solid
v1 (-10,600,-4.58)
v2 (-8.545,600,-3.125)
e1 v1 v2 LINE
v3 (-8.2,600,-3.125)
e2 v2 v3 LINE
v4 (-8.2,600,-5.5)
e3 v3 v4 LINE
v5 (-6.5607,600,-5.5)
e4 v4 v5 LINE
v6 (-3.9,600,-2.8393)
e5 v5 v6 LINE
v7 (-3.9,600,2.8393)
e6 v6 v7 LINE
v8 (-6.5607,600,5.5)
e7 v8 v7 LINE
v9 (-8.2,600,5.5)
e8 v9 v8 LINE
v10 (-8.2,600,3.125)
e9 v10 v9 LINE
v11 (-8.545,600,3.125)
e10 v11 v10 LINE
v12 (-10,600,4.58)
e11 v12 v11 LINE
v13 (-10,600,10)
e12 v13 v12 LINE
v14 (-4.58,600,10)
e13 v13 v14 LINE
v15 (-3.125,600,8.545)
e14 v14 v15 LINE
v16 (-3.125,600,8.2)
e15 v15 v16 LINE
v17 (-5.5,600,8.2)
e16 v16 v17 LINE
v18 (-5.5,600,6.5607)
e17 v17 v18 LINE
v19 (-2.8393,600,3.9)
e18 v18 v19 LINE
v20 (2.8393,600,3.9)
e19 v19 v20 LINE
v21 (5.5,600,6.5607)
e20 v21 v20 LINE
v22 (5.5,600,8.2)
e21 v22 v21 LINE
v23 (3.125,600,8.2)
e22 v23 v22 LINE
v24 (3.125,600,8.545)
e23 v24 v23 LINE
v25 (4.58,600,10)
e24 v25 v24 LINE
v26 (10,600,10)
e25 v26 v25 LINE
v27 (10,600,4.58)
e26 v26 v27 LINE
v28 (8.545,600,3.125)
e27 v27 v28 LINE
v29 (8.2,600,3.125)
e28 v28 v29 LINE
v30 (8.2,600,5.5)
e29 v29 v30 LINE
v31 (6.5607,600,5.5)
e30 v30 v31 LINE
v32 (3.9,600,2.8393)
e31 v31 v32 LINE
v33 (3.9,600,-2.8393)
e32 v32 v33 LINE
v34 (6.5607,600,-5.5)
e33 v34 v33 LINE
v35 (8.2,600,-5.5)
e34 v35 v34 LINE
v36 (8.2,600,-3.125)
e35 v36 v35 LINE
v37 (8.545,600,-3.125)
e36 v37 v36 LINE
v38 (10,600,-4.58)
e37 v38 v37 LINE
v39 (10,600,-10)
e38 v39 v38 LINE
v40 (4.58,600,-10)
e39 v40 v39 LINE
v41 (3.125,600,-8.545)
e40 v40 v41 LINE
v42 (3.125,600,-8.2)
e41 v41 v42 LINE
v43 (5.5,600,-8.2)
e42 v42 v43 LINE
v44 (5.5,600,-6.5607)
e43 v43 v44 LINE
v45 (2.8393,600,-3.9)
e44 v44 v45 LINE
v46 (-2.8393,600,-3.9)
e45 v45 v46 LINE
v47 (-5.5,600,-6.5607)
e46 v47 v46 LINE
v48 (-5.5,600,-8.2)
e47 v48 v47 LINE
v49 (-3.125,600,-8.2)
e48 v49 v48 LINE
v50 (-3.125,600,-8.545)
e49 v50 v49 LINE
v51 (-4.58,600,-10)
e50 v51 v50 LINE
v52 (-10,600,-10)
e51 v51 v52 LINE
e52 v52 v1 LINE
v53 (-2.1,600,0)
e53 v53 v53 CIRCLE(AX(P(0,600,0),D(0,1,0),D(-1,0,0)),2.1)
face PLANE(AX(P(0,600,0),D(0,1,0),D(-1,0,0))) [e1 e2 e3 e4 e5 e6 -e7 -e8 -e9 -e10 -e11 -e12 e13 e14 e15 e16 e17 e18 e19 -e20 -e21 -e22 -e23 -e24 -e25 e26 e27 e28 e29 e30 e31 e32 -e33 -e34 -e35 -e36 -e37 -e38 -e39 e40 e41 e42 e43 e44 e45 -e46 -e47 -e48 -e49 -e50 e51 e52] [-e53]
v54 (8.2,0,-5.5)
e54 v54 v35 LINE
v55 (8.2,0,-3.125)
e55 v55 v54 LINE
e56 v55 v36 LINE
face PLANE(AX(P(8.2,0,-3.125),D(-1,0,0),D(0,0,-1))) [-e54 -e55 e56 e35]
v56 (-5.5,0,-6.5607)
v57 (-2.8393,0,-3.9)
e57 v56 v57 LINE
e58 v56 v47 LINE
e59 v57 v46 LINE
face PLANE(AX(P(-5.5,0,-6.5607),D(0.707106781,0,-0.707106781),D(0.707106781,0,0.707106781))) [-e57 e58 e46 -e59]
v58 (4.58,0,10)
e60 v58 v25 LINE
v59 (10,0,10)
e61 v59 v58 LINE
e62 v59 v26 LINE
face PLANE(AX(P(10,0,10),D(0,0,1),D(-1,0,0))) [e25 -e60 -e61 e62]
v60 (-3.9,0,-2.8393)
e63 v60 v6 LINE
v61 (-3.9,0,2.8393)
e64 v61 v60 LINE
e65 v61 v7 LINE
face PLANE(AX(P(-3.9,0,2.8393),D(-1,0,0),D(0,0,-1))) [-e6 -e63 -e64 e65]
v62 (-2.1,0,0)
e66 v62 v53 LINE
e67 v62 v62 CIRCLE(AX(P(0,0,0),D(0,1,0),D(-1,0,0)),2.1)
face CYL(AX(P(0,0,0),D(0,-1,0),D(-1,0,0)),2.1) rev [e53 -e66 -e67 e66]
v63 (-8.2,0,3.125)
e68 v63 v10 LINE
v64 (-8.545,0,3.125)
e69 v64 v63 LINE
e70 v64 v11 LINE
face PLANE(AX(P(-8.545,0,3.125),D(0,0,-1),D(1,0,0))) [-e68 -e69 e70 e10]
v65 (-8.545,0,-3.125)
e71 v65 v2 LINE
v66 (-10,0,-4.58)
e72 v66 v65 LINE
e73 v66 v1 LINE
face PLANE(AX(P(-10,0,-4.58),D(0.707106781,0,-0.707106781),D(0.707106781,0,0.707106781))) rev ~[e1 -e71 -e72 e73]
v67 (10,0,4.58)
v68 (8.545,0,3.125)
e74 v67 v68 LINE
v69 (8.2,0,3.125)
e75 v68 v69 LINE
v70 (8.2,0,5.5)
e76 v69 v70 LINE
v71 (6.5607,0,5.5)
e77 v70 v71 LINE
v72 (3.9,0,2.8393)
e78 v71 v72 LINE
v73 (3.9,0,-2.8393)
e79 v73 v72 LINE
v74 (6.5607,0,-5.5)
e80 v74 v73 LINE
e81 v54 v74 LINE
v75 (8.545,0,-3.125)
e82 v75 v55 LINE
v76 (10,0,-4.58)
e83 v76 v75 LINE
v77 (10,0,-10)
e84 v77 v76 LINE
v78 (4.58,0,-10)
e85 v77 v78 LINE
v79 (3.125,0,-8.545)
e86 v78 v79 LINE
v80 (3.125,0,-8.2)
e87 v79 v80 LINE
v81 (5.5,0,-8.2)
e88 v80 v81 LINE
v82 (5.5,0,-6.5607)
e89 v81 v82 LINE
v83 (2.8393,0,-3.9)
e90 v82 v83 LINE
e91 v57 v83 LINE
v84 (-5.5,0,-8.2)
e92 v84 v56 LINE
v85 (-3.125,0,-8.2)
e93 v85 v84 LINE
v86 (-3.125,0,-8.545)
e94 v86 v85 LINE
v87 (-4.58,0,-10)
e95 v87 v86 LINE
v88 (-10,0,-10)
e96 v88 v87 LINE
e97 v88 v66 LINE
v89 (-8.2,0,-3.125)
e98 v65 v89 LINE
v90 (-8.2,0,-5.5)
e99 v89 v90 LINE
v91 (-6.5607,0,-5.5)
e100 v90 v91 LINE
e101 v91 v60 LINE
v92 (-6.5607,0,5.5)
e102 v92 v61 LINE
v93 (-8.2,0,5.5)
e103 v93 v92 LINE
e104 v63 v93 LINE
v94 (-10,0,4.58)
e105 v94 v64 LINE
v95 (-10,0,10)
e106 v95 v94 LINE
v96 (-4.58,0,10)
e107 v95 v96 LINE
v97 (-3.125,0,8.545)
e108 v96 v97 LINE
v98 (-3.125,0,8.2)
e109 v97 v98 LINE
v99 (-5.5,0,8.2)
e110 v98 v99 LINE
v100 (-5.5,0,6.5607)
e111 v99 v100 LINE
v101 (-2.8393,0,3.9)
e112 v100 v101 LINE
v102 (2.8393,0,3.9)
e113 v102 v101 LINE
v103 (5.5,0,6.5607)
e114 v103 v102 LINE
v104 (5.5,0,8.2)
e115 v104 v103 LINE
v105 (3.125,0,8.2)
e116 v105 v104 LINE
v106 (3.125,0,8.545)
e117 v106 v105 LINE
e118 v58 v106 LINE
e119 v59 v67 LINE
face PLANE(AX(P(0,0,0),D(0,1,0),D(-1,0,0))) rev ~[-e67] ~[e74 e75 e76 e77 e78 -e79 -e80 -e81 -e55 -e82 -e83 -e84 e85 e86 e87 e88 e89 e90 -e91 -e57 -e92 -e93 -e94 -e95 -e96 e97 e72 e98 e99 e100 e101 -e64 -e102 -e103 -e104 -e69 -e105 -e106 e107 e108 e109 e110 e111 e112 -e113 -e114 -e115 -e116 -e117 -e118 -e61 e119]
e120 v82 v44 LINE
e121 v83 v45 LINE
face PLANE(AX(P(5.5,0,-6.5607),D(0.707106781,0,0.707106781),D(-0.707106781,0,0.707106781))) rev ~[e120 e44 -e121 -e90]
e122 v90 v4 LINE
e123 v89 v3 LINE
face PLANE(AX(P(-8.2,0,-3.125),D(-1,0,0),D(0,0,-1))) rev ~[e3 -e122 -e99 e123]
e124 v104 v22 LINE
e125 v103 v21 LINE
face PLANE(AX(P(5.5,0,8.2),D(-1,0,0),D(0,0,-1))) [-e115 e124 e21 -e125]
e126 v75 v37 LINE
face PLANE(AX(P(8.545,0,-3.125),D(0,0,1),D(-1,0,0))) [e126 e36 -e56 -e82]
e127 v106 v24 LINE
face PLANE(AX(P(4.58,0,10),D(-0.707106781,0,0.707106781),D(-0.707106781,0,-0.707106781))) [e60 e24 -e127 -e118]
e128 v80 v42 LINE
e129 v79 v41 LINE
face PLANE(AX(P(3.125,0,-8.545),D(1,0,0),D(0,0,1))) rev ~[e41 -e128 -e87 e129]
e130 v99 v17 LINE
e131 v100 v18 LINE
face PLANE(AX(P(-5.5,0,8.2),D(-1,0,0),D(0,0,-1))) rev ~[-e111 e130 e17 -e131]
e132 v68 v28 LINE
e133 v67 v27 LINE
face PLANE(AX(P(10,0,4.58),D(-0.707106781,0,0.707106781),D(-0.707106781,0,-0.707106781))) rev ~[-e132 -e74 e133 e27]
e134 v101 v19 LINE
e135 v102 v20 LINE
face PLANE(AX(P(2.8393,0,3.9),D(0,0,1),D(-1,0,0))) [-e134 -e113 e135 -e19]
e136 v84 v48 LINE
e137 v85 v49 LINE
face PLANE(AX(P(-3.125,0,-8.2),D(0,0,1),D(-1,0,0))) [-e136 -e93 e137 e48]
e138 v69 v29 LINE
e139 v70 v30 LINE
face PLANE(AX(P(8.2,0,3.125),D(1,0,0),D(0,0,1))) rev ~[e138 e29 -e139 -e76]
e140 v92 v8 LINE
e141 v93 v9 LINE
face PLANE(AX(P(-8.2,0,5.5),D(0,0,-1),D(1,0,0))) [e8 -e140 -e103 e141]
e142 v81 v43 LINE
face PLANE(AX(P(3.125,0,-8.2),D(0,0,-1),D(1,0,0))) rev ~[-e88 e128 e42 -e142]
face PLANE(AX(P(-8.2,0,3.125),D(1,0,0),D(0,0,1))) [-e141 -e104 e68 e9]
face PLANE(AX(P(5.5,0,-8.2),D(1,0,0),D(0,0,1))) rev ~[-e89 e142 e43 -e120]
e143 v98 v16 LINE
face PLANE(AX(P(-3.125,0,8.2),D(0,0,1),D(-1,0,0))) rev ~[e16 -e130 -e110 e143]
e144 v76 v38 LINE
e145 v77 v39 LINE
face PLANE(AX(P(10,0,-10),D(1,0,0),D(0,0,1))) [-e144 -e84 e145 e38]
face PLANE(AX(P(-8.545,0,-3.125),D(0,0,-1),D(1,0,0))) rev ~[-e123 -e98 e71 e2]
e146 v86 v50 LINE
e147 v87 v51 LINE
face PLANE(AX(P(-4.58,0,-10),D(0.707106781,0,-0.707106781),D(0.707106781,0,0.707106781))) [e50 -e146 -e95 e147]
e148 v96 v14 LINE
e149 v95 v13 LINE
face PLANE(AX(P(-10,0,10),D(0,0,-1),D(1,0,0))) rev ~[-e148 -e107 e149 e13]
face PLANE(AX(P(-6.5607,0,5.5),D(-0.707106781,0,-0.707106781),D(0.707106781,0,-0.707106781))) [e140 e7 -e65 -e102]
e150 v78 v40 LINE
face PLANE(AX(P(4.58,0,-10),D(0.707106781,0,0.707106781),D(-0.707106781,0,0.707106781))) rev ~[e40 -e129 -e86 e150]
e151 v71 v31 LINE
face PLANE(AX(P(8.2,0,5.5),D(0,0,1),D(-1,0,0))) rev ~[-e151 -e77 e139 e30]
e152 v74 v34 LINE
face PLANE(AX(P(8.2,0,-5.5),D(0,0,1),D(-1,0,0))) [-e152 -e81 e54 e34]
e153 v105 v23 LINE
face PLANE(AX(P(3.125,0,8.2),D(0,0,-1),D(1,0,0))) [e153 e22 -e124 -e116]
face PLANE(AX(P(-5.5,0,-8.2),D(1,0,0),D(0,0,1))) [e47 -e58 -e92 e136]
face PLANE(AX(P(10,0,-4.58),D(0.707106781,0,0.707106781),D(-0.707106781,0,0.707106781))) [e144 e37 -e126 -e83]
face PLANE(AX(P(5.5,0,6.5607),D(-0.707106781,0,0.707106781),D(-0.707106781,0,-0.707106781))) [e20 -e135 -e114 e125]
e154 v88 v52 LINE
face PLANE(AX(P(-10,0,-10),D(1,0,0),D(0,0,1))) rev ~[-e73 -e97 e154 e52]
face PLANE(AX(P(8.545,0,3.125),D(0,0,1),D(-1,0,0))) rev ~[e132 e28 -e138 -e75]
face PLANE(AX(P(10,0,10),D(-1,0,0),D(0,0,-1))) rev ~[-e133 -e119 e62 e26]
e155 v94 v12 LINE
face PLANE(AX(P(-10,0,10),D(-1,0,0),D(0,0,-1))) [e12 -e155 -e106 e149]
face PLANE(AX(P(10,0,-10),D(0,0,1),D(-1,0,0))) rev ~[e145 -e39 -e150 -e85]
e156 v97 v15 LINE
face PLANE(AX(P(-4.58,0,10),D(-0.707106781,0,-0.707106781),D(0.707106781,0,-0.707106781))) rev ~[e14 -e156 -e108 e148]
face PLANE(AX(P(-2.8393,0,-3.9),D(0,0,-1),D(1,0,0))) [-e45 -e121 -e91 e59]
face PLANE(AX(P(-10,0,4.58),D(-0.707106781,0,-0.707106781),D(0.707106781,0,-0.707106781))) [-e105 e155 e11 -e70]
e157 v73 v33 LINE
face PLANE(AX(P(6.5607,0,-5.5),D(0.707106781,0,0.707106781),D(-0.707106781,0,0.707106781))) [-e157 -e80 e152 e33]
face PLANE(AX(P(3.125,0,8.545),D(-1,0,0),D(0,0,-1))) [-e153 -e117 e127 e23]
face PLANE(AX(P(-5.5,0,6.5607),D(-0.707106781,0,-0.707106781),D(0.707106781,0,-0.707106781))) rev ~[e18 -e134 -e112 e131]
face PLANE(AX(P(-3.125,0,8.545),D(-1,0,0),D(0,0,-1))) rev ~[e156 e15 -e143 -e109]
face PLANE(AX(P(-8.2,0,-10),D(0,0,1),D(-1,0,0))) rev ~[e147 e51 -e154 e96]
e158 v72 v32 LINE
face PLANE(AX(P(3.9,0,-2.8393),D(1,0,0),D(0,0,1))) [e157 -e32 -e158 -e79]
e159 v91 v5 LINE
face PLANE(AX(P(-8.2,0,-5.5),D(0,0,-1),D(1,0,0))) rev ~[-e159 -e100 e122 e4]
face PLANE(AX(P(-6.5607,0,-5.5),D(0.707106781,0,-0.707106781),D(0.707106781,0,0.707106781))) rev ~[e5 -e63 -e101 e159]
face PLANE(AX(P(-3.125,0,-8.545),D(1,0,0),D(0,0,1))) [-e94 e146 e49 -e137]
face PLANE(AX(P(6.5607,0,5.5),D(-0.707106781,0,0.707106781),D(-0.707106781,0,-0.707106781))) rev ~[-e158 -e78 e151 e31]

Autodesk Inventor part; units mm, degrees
ref_plane "YZ Plane" through (0, 0, 0) normal (1, 0, 0) x (0, 1, 0)
ref_plane "XZ Plane" through (0, 0, 0) normal (0, 1, 0) x (-1, 0, 0)
ref_plane "XY Plane" through (0, 0, 0) normal (0, 0, 1) x (1, 0, 0)
sketch "Sketch1" plane through (0, 0, 0) normal (0, 1, 0) x (-1, 0, 0)
  circle A0 centre (0, 0) radius 2.1
  line L0 (10, 10) -> (-10, 10) construction
  line L1 (-10, 10) -> (-10, -10) construction
  line L2 (-10, -10) -> (10, -10)
  line L3 (10, -10) -> (10, 10) construction
  line L4 (10, 10) -> (-10, -10) construction
  line L5 (-10, 10) -> (10, -10) construction
  line L6 (8.2, 10) -> (8.2, -10) construction
  line L7 (3.9, 10) -> (3.9, -10) construction
  line L8 (8.2, 3.125) -> (8.2, -3.125) construction
  line L9 (10, 4.58) -> (10, -4.58) construction
  line L10 (8.2, 5.5) -> (8.2, -5.5) construction
  line L11 (3.3697, 4.4303) -> (4.4303, 3.3697) construction
  line L12 (10, 10) -> (10, 4.58)
  line L13 (10, 4.58) -> (8.545, 3.125)
  line L14 (8.545, 3.125) -> (8.2, 3.125)
  line L15 (8.2, 3.125) -> (8.2, 5.5)
  line L16 (14, 0) -> (-14, 0) construction
  line L17 (8.2, 5.5) -> (6.5607, 5.5)
  line L18 (6.5607, 5.5) -> (3.9, 2.8393)
  line L19 (3.9, 2.8393) -> (3.9, 0)
  line L20 (10, -10) -> (10, -4.58)
  line L21 (10, -4.58) -> (8.545, -3.125)
  line L22 (8.545, -3.125) -> (8.2, -3.125)
  line L23 (8.2, -3.125) -> (8.2, -5.5)
  line L24 (8.2, -5.5) -> (6.5607, -5.5)
  line L25 (6.5607, -5.5) -> (3.9, -2.8393)
  line L26 (3.9, -2.8393) -> (3.9, 0)
  line L27 (-10, 10) -> (-4.58, 10)
  line L28 (-4.58, 10) -> (-3.125, 8.545)
  line L29 (-3.125, 8.2) -> (-5.5, 8.2)
  line L30 (-5.5, 8.2) -> (-5.5, 6.5607)
  line L31 (-5.5, 6.5607) -> (-2.8393, 3.9)
  line L32 (-2.8393, 3.9) -> (0, 3.9)
  line L33 (2.8393, 3.9) -> (0, 3.9)
  line L34 (5.5, 6.5607) -> (2.8393, 3.9)
  line L35 (5.5, 8.2) -> (5.5, 6.5607)
  line L36 (3.125, 8.2) -> (5.5, 8.2)
  line L37 (3.125, 8.545) -> (3.125, 8.2)
  line L38 (4.58, 10) -> (3.125, 8.545)
  line L39 (-3.125, 8.545) -> (-3.125, 8.2)
  line L40 (10, 10) -> (4.58, 10)
  line L41 (-10, -10) -> (-10, -4.58)
  line L42 (-10, -4.58) -> (-8.545, -3.125)
  line L43 (-8.2, -3.125) -> (-8.2, -5.5)
  line L44 (-8.2, -5.5) -> (-6.5607, -5.5)
  line L45 (-6.5607, -5.5) -> (-3.9, -2.8393)
  line L46 (-3.9, -2.8393) -> (-3.9, 0)
  line L47 (-3.9, 2.8393) -> (-3.9, 0)
  line L48 (-6.5607, 5.5) -> (-3.9, 2.8393)
  line L49 (-8.2, 5.5) -> (-6.5607, 5.5)
  line L50 (-8.2, 3.125) -> (-8.2, 5.5)
  line L51 (-8.545, 3.125) -> (-8.2, 3.125)
  line L52 (-10, 4.58) -> (-8.545, 3.125)
  line L53 (-8.545, -3.125) -> (-8.2, -3.125)
  line L54 (-10, 10) -> (-10, 4.58)
  line L55 (10, -10) -> (4.58, -10) construction
  line L56 (4.58, -10) -> (3.125, -8.545)
  line L57 (3.125, -8.2) -> (5.5, -8.2)
  line L58 (5.5, -8.2) -> (5.5, -6.5607)
  line L59 (5.5, -6.5607) -> (2.8393, -3.9)
  line L60 (2.8393, -3.9) -> (0, -3.9)
  line L61 (-2.8393, -3.9) -> (0, -3.9)
  line L62 (-5.5, -6.5607) -> (-2.8393, -3.9)
  line L63 (-5.5, -8.2) -> (-5.5, -6.5607)
  line L64 (-3.125, -8.2) -> (-5.5, -8.2)
  line L65 (-3.125, -8.545) -> (-3.125, -8.2)
  line L66 (-4.58, -10) -> (-3.125, -8.545)
  line L67 (3.125, -8.545) -> (3.125, -8.2)
  line L68 (-10, -10) -> (-4.58, -10) construction
  line L69 (5.5, -6.5607) -> (6.2393, -7.3)
  line L70 (6.2393, -7.3) -> (8.2, -7.3)
  line L71 (0, -10) -> (0, -9) construction
  line L72 (-5.5, -6.5607) -> (-6.2393, -7.3)
  line L73 (-6.2393, -7.3) -> (-8.2, -7.3)
  line L74 (8.2, -7.3) -> (8.2, -10)
  line L75 (-8.2, -7.3) -> (-8.2, -10)
  circle A1 centre (0, -20) radius 2.1
  line L76 (10, -30) -> (10, -24.58)
  line L77 (10, -24.58) -> (8.545, -23.125)
  line L78 (8.545, -23.125) -> (8.2, -23.125)
  line L79 (8.2, -23.125) -> (8.2, -25.5)
  line L80 (8.2, -25.5) -> (6.5607, -25.5)
  line L81 (6.5607, -25.5) -> (3.9, -22.8393)
  line L82 (3.9, -22.8393) -> (3.9, -20)
  line L83 (10, -10) -> (10, -15.42)
  line L84 (10, -15.42) -> (8.545, -16.875)
  line L85 (8.2, -16.875) -> (8.2, -14.5)
  line L86 (8.2, -14.5) -> (6.5607, -14.5)
  line L87 (6.5607, -14.5) -> (3.9, -17.1607)
  line L88 (3.9, -17.1607) -> (3.9, -20)
  line L89 (-10, -30) -> (-4.58, -30)
  line L90 (-4.58, -30) -> (-3.125, -28.545)
  line L91 (-3.125, -28.2) -> (-5.5, -28.2)
  line L92 (-5.5, -28.2) -> (-5.5, -26.5607)
  line L93 (-5.5, -26.5607) -> (-2.8393, -23.9)
  line L94 (-2.8393, -23.9) -> (0, -23.9)
  line L95 (2.8393, -23.9) -> (0, -23.9)
  line L96 (5.5, -26.5607) -> (2.8393, -23.9)
  line L97 (5.5, -28.2) -> (5.5, -26.5607)
  line L98 (3.125, -28.2) -> (5.5, -28.2)
  line L99 (3.125, -28.545) -> (3.125, -28.2)
  line L100 (4.58, -30) -> (3.125, -28.545)
  line L101 (-3.125, -28.545) -> (-3.125, -28.2)
  line L102 (10, -30) -> (4.58, -30)
  line L103 (-10, -10) -> (-10, -15.42)
  line L104 (-10, -15.42) -> (-8.545, -16.875)
  line L105 (-8.2, -16.875) -> (-8.2, -14.5)
  line L106 (-8.2, -14.5) -> (-6.5607, -14.5)
  line L107 (-6.5607, -14.5) -> (-3.9, -17.1607)
  line L108 (-3.9, -17.1607) -> (-3.9, -20)
  line L109 (-3.9, -22.8393) -> (-3.9, -20)
  line L110 (-6.5607, -25.5) -> (-3.9, -22.8393)
  line L111 (-8.2, -25.5) -> (-6.5607, -25.5)
  line L112 (-8.2, -23.125) -> (-8.2, -25.5)
  line L113 (-8.545, -23.125) -> (-8.2, -23.125)
  line L114 (-10, -24.58) -> (-8.545, -23.125)
  line L115 (-8.545, -16.875) -> (-8.2, -16.875)
  line L116 (-10, -30) -> (-10, -24.58)
  line L117 (5.5, -13.4393) -> (2.8393, -16.1)
  line L118 (2.8393, -16.1) -> (0, -16.1)
  line L119 (-2.8393, -16.1) -> (0, -16.1)
  line L120 (-5.5, -13.4393) -> (-2.8393, -16.1)
  line L121 (5.5, -13.4393) -> (6.2393, -12.7)
  line L122 (6.2393, -12.7) -> (8.2, -12.7)
  line L123 (-5.5, -13.4393) -> (-6.2393, -12.7)
  line L124 (-6.2393, -12.7) -> (-8.2, -12.7)
  line L125 (8.2, -12.7) -> (8.2, -10)
  line L126 (-8.2, -12.7) -> (-8.2, -10)
  line L127 (8.545, -16.875) -> (8.2, -16.875)
  point P0 (10, 0)
  point P1 (8.2, 0)
  point P2 (3.9, 3.9)
  point P3 (-3.3697, 4.4303)
  point P4 (-4.4303, -3.3697)
  point P5 (3.3697, -4.4303)
  dimension "d0" = 4.2
  dimension "d1" = 20
  dimension "d2" = 20
  dimension "d3" = 1.8
  dimension "d4" = 4.3
  dimension "d5" = 6.25
  dimension "d6" = 9.16
  dimension "d7" = 11
  dimension "d8" = 1.5
  dimension "d9" = 45
  dimension "d12" = 360
  dimension "d17" = 1.8
  dimension "d18" = 1
extrude "Extrusion1" add sketch "Sketch1" along normal blind 600 contours L41 L42 L53 L43 L44 L45 L46 L47 L48 L49 L50 L51 L52 L54 L27 L28 L39 L29 L30 L31 L32 L33 L34 L35 L36 L37 L38 L40 L12 L13 L14 L15 L17 L18 L19 L26 L25 L24 L23 L22 L21 L20 L2 L74 L70 L69 L59 L60 L61 L62 L72 L73 L75 | L75 L73 L72 L63 L64 L65 L66 L2 | L56 L67 L57 L58 L69 L70 L74 L2
ref_plane "Work Plane1" through (-2.8393, 0, 0) normal (0, 0, -1) x (-1, 0, 0)
ref_plane "Work Plane2" through (0, 0, 4.58) normal (1, 0, 0) x (0, 0, -1)
ref_plane "Work Plane3" through (0, 300, 0) normal (0, 1, 0) x (1, 0, 0)
ref_plane "Work Plane4" through (-4.58, 0, 0) normal (0, 0, 1) x (1, 0, 0)
properties part number "VSLOT 2020 Extrusion" material "Aluminum 6061"
